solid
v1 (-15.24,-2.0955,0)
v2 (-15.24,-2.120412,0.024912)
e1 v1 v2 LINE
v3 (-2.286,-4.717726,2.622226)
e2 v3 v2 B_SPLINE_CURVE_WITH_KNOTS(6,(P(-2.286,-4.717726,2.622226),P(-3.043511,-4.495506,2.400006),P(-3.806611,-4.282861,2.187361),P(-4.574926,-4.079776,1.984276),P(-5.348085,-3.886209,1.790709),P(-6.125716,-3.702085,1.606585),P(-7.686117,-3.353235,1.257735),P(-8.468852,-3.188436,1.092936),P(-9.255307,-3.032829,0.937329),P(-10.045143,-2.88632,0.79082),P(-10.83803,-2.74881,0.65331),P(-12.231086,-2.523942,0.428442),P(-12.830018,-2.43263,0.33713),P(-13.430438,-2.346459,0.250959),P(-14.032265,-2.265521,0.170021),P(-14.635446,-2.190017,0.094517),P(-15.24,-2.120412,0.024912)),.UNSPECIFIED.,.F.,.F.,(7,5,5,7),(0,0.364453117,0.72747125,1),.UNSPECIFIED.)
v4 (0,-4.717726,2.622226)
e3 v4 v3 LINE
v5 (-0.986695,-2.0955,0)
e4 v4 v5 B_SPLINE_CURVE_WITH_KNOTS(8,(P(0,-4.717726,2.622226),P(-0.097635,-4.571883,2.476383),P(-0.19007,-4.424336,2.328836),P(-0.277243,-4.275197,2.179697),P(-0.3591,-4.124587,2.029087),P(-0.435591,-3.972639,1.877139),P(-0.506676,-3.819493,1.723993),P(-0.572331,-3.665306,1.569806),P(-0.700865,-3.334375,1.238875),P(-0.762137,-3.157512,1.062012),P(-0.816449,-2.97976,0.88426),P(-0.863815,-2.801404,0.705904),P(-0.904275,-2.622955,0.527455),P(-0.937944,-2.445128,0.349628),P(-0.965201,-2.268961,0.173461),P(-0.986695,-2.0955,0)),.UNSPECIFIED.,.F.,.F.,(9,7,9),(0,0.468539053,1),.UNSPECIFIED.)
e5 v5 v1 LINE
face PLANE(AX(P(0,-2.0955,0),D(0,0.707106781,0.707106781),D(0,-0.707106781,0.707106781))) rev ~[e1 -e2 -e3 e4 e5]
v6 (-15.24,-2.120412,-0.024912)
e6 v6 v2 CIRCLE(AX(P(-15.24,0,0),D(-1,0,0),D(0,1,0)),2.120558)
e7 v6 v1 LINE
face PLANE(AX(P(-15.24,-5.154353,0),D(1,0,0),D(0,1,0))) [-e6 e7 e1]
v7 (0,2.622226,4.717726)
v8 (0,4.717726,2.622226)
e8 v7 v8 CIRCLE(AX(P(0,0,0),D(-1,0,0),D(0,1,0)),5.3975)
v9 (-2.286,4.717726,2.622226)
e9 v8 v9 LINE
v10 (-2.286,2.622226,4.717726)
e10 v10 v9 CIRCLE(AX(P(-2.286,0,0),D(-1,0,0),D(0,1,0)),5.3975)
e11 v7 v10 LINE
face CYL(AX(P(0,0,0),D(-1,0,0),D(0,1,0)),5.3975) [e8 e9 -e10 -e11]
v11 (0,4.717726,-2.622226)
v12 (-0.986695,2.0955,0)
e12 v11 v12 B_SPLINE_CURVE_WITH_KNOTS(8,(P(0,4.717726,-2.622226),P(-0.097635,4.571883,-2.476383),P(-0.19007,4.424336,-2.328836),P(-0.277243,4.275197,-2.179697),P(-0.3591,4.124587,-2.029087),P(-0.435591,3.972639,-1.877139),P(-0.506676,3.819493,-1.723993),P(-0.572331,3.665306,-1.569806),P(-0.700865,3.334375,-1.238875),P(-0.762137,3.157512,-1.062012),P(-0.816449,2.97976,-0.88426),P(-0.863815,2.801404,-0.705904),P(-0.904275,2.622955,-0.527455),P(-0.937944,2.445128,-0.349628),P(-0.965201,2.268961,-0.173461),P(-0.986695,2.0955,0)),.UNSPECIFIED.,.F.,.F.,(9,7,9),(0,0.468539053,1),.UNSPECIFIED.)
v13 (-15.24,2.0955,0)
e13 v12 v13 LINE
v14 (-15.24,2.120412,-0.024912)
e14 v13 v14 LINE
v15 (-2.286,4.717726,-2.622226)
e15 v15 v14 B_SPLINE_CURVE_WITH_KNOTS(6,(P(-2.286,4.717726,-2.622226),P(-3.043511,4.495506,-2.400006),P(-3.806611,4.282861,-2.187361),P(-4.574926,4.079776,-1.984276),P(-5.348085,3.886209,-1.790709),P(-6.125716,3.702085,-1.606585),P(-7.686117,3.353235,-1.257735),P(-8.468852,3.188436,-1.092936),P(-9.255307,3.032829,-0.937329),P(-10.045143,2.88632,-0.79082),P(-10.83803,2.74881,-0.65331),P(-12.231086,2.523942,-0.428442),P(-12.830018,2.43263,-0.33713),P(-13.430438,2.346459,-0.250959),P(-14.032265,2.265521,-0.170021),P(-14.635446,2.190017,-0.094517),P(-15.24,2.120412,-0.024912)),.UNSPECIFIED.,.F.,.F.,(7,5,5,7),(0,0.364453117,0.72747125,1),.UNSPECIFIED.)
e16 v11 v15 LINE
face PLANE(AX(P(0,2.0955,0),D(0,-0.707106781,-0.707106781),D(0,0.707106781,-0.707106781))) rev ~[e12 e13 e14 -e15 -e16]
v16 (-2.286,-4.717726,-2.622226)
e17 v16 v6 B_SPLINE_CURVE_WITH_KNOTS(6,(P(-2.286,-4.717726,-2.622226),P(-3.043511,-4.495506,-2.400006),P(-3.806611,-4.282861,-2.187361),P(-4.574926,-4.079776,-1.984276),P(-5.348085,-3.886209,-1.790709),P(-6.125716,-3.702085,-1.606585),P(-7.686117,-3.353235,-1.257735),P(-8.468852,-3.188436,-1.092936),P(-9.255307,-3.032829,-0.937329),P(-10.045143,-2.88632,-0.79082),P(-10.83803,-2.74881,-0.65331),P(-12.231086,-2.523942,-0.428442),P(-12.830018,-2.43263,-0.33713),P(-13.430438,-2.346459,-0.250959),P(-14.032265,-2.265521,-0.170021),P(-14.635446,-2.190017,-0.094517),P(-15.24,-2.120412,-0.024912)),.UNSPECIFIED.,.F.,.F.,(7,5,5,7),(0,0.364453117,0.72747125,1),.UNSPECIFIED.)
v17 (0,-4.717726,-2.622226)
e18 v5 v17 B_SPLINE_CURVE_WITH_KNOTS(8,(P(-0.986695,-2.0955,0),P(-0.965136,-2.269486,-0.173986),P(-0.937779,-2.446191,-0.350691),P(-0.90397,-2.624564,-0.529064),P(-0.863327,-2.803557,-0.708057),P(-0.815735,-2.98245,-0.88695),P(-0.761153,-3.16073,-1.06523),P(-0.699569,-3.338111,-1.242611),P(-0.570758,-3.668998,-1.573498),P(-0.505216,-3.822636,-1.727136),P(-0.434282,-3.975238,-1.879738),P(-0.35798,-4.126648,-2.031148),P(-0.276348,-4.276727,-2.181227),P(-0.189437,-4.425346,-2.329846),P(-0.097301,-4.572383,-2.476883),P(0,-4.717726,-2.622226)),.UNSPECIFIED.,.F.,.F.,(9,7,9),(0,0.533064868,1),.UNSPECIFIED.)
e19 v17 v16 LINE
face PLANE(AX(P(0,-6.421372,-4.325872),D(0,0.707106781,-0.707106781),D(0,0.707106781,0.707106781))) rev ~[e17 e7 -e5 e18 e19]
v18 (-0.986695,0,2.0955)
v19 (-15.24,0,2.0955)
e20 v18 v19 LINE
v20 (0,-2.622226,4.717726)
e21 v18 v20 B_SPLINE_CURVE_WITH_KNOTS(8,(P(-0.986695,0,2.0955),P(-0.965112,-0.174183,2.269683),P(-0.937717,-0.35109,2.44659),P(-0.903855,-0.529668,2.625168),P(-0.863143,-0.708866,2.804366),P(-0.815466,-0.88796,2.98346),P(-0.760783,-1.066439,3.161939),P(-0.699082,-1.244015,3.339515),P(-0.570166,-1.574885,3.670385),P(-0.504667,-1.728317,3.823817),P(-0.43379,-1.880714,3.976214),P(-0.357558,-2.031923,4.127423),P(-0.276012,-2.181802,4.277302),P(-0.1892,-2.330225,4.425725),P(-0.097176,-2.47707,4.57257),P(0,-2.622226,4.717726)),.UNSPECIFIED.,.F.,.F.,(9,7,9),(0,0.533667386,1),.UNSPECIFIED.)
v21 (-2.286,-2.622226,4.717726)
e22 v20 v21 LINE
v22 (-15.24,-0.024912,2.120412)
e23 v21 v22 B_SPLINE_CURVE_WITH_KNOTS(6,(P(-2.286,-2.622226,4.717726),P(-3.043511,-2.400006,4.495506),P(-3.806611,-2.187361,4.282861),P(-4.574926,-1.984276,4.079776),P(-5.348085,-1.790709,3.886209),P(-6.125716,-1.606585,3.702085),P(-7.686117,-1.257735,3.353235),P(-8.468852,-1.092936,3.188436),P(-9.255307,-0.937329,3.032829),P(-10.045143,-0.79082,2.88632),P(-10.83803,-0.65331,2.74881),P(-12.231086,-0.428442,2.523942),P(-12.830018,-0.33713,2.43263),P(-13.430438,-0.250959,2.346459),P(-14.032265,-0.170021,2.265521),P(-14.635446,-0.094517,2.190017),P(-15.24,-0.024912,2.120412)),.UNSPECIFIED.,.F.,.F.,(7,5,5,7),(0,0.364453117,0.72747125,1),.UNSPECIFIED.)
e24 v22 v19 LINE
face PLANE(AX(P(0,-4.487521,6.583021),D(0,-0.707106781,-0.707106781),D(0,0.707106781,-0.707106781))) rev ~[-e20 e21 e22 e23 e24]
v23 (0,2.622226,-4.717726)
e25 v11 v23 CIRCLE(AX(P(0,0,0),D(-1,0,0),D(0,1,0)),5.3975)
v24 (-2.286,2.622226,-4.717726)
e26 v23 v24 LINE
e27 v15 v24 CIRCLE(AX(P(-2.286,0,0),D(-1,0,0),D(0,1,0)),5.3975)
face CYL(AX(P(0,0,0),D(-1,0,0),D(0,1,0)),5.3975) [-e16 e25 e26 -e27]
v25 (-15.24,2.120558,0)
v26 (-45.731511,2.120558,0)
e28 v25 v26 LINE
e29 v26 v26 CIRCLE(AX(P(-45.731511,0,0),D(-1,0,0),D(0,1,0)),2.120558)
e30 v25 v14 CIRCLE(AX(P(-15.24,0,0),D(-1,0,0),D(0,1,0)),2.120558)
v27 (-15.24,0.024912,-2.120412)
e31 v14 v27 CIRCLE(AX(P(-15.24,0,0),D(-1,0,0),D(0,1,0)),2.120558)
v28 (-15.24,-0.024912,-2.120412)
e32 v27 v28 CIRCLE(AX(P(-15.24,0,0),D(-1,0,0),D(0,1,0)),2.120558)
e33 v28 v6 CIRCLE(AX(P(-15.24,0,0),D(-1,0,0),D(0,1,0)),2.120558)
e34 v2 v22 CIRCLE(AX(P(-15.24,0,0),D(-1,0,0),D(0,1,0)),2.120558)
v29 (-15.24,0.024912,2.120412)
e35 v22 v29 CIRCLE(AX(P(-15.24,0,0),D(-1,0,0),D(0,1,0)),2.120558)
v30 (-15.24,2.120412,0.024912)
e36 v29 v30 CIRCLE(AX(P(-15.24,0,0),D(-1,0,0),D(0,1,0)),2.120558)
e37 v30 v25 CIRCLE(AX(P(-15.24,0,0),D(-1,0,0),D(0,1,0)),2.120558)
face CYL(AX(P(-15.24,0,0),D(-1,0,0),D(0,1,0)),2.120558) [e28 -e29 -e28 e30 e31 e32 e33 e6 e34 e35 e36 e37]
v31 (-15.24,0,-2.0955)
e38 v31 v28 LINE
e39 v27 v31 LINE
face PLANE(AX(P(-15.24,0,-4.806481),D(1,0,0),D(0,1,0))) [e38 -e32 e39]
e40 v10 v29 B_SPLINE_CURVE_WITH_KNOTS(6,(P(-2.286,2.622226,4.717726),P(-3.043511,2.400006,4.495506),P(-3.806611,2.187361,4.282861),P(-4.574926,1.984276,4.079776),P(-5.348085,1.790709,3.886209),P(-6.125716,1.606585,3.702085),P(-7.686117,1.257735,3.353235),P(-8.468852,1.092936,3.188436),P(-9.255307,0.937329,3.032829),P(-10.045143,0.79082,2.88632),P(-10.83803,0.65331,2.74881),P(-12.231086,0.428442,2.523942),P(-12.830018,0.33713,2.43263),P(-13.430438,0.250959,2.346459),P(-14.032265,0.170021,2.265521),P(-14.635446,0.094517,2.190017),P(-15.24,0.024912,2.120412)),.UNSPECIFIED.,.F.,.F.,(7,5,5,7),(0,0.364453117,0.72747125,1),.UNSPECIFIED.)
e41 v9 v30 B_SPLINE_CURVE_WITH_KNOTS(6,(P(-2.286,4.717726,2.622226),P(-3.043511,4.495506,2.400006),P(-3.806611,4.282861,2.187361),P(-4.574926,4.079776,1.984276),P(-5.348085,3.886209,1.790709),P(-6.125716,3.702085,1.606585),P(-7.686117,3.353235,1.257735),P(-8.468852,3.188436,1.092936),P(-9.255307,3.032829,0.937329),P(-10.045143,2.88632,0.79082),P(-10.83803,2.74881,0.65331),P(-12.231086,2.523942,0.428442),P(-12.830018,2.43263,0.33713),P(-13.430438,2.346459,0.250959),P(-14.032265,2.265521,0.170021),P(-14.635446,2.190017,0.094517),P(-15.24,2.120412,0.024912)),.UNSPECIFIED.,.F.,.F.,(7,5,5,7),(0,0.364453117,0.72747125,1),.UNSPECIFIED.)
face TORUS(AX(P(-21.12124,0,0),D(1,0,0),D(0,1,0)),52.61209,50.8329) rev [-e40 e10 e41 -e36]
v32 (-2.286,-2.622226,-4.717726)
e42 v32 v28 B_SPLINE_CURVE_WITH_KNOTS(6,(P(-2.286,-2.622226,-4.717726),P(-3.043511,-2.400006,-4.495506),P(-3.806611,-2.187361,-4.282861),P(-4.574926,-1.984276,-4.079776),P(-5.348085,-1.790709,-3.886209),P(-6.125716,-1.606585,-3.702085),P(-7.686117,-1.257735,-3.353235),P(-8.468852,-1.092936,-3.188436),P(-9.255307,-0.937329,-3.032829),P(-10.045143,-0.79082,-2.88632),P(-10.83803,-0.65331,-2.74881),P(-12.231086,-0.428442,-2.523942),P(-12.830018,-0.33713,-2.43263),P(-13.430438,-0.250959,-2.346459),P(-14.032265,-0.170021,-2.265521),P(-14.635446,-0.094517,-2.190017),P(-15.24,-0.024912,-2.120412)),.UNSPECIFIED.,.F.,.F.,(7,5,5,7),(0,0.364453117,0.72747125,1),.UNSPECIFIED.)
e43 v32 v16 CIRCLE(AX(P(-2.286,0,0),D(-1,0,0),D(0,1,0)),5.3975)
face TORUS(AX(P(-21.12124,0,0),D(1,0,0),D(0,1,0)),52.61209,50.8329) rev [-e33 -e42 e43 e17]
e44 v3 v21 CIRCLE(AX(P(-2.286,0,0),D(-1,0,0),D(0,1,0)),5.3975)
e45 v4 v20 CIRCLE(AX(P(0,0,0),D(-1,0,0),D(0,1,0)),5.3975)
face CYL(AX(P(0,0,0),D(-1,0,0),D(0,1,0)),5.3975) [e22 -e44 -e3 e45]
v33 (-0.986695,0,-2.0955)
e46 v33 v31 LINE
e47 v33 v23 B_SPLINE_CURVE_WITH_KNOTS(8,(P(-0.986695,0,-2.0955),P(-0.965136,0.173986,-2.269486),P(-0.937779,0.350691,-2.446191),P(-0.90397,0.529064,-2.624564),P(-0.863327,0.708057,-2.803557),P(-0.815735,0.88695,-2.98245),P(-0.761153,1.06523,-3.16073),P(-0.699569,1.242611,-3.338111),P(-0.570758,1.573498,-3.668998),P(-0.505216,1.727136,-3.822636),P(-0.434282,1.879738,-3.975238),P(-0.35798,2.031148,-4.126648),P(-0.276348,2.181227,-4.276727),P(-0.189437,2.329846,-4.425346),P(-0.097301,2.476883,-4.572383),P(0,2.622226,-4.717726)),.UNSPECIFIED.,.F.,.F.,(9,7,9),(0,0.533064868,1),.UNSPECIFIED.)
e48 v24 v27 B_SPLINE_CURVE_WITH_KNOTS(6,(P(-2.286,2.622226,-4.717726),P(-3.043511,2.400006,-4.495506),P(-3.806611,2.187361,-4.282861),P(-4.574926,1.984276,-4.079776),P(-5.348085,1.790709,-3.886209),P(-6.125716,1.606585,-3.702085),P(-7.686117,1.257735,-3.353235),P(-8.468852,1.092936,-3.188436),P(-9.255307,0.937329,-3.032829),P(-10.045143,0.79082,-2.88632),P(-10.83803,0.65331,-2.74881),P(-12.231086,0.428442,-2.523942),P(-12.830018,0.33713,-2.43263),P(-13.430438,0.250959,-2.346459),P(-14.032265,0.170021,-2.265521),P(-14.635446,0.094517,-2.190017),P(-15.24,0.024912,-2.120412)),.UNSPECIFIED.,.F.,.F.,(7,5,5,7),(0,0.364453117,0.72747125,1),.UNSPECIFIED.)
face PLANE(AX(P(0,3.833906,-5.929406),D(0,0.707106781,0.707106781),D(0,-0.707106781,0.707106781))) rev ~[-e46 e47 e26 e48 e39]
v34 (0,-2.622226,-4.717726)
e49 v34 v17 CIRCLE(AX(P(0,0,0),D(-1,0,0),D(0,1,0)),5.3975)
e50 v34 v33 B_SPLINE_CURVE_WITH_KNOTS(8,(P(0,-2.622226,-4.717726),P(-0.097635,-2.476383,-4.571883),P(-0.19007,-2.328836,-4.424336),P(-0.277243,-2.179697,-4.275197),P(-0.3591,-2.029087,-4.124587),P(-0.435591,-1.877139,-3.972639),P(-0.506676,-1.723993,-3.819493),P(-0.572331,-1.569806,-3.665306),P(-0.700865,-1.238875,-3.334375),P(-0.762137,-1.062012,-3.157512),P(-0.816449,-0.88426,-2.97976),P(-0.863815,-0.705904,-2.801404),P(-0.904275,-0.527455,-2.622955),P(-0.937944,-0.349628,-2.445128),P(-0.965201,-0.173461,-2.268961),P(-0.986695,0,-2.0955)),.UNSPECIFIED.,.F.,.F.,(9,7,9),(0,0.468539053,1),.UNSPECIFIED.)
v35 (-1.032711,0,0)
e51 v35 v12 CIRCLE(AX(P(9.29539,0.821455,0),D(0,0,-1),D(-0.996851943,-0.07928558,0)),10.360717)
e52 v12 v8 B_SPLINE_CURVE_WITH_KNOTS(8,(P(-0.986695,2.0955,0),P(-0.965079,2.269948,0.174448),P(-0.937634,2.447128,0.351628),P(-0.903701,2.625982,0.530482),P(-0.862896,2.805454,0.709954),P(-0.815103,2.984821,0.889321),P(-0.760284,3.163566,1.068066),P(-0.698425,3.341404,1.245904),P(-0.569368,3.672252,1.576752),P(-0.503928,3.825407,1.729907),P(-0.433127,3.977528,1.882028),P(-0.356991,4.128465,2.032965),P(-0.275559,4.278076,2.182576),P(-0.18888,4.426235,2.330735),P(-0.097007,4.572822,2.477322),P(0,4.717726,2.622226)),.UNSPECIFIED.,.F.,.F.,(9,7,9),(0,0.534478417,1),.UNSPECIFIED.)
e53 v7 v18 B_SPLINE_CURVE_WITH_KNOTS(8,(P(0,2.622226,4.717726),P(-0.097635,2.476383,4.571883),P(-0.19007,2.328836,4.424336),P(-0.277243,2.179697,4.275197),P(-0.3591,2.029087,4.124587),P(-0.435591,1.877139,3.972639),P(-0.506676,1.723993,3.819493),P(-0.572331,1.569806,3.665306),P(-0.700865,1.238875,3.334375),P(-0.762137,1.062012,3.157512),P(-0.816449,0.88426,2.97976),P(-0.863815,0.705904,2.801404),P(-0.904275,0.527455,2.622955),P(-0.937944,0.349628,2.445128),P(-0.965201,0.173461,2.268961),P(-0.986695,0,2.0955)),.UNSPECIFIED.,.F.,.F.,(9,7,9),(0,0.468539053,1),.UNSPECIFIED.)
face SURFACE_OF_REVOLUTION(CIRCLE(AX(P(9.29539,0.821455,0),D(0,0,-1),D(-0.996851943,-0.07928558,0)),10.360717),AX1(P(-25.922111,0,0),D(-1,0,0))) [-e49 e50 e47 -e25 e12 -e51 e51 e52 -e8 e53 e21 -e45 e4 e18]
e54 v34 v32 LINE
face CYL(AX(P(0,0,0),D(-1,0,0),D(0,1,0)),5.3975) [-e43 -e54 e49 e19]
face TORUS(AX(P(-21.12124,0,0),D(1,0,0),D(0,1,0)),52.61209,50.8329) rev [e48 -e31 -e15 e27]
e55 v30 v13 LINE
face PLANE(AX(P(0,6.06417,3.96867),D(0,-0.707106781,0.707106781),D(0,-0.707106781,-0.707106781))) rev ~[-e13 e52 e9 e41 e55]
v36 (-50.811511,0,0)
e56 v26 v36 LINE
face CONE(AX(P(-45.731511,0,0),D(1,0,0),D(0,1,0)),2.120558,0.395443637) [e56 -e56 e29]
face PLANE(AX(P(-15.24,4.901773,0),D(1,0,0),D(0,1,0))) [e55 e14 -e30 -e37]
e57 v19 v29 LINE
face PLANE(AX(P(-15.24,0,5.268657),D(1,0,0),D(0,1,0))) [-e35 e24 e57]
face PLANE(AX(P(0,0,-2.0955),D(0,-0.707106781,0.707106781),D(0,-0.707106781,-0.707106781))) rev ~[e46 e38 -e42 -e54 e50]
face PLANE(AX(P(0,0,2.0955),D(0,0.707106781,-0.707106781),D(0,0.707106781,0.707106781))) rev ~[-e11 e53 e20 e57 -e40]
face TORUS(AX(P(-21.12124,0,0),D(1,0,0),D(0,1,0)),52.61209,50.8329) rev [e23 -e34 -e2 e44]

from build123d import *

# Parameters (mm, degrees)
F3_DEPTH = 15.24


with BuildPart() as f1:
    # F0 (on Top) → F1 (revolve)
    with BuildSketch(Plane.XY):
        with BuildLine():
            ThreePointArc((-1.032711, 0), (-0.880739, 2.768468), (0, 5.3975))
            Line((0, 5.3975), (-2.286, 5.3975))
            ThreePointArc((-2.286, 5.3975), (-8.654858, 3.331535), (-15.24, 2.120558))
            Line((-15.24, 2.120558), (-45.731511, 2.120558))
            Line((-45.731511, 2.120558), (-50.811511, 0))
            Line((-50.811511, 0), (-1.032711, 0))
        make_face()
    revolve(axis=Axis((-25.922111, 0, 0), (-1, 0, 0)))

    # F2 (on Right) → F3 (cut)
    with BuildSketch(Plane.YZ):
        Polygon((3.833906, -5.929406), (0, -2.0955), (-3.833906, -5.929406), align=None)
        Polygon((-6.421372, -4.325872), (-2.0955, 0), (-6.421372, 4.325872), align=None)
        Polygon((6.06417, 3.96867), (2.0955, 0), (6.06417, -3.96867), align=None)
        Polygon((-4.487521, 6.583021), (0, 2.0955), (4.487521, 6.583021), align=None)
    extrude(amount=-F3_DEPTH, mode=Mode.SUBTRACT)


solid = f1.part
